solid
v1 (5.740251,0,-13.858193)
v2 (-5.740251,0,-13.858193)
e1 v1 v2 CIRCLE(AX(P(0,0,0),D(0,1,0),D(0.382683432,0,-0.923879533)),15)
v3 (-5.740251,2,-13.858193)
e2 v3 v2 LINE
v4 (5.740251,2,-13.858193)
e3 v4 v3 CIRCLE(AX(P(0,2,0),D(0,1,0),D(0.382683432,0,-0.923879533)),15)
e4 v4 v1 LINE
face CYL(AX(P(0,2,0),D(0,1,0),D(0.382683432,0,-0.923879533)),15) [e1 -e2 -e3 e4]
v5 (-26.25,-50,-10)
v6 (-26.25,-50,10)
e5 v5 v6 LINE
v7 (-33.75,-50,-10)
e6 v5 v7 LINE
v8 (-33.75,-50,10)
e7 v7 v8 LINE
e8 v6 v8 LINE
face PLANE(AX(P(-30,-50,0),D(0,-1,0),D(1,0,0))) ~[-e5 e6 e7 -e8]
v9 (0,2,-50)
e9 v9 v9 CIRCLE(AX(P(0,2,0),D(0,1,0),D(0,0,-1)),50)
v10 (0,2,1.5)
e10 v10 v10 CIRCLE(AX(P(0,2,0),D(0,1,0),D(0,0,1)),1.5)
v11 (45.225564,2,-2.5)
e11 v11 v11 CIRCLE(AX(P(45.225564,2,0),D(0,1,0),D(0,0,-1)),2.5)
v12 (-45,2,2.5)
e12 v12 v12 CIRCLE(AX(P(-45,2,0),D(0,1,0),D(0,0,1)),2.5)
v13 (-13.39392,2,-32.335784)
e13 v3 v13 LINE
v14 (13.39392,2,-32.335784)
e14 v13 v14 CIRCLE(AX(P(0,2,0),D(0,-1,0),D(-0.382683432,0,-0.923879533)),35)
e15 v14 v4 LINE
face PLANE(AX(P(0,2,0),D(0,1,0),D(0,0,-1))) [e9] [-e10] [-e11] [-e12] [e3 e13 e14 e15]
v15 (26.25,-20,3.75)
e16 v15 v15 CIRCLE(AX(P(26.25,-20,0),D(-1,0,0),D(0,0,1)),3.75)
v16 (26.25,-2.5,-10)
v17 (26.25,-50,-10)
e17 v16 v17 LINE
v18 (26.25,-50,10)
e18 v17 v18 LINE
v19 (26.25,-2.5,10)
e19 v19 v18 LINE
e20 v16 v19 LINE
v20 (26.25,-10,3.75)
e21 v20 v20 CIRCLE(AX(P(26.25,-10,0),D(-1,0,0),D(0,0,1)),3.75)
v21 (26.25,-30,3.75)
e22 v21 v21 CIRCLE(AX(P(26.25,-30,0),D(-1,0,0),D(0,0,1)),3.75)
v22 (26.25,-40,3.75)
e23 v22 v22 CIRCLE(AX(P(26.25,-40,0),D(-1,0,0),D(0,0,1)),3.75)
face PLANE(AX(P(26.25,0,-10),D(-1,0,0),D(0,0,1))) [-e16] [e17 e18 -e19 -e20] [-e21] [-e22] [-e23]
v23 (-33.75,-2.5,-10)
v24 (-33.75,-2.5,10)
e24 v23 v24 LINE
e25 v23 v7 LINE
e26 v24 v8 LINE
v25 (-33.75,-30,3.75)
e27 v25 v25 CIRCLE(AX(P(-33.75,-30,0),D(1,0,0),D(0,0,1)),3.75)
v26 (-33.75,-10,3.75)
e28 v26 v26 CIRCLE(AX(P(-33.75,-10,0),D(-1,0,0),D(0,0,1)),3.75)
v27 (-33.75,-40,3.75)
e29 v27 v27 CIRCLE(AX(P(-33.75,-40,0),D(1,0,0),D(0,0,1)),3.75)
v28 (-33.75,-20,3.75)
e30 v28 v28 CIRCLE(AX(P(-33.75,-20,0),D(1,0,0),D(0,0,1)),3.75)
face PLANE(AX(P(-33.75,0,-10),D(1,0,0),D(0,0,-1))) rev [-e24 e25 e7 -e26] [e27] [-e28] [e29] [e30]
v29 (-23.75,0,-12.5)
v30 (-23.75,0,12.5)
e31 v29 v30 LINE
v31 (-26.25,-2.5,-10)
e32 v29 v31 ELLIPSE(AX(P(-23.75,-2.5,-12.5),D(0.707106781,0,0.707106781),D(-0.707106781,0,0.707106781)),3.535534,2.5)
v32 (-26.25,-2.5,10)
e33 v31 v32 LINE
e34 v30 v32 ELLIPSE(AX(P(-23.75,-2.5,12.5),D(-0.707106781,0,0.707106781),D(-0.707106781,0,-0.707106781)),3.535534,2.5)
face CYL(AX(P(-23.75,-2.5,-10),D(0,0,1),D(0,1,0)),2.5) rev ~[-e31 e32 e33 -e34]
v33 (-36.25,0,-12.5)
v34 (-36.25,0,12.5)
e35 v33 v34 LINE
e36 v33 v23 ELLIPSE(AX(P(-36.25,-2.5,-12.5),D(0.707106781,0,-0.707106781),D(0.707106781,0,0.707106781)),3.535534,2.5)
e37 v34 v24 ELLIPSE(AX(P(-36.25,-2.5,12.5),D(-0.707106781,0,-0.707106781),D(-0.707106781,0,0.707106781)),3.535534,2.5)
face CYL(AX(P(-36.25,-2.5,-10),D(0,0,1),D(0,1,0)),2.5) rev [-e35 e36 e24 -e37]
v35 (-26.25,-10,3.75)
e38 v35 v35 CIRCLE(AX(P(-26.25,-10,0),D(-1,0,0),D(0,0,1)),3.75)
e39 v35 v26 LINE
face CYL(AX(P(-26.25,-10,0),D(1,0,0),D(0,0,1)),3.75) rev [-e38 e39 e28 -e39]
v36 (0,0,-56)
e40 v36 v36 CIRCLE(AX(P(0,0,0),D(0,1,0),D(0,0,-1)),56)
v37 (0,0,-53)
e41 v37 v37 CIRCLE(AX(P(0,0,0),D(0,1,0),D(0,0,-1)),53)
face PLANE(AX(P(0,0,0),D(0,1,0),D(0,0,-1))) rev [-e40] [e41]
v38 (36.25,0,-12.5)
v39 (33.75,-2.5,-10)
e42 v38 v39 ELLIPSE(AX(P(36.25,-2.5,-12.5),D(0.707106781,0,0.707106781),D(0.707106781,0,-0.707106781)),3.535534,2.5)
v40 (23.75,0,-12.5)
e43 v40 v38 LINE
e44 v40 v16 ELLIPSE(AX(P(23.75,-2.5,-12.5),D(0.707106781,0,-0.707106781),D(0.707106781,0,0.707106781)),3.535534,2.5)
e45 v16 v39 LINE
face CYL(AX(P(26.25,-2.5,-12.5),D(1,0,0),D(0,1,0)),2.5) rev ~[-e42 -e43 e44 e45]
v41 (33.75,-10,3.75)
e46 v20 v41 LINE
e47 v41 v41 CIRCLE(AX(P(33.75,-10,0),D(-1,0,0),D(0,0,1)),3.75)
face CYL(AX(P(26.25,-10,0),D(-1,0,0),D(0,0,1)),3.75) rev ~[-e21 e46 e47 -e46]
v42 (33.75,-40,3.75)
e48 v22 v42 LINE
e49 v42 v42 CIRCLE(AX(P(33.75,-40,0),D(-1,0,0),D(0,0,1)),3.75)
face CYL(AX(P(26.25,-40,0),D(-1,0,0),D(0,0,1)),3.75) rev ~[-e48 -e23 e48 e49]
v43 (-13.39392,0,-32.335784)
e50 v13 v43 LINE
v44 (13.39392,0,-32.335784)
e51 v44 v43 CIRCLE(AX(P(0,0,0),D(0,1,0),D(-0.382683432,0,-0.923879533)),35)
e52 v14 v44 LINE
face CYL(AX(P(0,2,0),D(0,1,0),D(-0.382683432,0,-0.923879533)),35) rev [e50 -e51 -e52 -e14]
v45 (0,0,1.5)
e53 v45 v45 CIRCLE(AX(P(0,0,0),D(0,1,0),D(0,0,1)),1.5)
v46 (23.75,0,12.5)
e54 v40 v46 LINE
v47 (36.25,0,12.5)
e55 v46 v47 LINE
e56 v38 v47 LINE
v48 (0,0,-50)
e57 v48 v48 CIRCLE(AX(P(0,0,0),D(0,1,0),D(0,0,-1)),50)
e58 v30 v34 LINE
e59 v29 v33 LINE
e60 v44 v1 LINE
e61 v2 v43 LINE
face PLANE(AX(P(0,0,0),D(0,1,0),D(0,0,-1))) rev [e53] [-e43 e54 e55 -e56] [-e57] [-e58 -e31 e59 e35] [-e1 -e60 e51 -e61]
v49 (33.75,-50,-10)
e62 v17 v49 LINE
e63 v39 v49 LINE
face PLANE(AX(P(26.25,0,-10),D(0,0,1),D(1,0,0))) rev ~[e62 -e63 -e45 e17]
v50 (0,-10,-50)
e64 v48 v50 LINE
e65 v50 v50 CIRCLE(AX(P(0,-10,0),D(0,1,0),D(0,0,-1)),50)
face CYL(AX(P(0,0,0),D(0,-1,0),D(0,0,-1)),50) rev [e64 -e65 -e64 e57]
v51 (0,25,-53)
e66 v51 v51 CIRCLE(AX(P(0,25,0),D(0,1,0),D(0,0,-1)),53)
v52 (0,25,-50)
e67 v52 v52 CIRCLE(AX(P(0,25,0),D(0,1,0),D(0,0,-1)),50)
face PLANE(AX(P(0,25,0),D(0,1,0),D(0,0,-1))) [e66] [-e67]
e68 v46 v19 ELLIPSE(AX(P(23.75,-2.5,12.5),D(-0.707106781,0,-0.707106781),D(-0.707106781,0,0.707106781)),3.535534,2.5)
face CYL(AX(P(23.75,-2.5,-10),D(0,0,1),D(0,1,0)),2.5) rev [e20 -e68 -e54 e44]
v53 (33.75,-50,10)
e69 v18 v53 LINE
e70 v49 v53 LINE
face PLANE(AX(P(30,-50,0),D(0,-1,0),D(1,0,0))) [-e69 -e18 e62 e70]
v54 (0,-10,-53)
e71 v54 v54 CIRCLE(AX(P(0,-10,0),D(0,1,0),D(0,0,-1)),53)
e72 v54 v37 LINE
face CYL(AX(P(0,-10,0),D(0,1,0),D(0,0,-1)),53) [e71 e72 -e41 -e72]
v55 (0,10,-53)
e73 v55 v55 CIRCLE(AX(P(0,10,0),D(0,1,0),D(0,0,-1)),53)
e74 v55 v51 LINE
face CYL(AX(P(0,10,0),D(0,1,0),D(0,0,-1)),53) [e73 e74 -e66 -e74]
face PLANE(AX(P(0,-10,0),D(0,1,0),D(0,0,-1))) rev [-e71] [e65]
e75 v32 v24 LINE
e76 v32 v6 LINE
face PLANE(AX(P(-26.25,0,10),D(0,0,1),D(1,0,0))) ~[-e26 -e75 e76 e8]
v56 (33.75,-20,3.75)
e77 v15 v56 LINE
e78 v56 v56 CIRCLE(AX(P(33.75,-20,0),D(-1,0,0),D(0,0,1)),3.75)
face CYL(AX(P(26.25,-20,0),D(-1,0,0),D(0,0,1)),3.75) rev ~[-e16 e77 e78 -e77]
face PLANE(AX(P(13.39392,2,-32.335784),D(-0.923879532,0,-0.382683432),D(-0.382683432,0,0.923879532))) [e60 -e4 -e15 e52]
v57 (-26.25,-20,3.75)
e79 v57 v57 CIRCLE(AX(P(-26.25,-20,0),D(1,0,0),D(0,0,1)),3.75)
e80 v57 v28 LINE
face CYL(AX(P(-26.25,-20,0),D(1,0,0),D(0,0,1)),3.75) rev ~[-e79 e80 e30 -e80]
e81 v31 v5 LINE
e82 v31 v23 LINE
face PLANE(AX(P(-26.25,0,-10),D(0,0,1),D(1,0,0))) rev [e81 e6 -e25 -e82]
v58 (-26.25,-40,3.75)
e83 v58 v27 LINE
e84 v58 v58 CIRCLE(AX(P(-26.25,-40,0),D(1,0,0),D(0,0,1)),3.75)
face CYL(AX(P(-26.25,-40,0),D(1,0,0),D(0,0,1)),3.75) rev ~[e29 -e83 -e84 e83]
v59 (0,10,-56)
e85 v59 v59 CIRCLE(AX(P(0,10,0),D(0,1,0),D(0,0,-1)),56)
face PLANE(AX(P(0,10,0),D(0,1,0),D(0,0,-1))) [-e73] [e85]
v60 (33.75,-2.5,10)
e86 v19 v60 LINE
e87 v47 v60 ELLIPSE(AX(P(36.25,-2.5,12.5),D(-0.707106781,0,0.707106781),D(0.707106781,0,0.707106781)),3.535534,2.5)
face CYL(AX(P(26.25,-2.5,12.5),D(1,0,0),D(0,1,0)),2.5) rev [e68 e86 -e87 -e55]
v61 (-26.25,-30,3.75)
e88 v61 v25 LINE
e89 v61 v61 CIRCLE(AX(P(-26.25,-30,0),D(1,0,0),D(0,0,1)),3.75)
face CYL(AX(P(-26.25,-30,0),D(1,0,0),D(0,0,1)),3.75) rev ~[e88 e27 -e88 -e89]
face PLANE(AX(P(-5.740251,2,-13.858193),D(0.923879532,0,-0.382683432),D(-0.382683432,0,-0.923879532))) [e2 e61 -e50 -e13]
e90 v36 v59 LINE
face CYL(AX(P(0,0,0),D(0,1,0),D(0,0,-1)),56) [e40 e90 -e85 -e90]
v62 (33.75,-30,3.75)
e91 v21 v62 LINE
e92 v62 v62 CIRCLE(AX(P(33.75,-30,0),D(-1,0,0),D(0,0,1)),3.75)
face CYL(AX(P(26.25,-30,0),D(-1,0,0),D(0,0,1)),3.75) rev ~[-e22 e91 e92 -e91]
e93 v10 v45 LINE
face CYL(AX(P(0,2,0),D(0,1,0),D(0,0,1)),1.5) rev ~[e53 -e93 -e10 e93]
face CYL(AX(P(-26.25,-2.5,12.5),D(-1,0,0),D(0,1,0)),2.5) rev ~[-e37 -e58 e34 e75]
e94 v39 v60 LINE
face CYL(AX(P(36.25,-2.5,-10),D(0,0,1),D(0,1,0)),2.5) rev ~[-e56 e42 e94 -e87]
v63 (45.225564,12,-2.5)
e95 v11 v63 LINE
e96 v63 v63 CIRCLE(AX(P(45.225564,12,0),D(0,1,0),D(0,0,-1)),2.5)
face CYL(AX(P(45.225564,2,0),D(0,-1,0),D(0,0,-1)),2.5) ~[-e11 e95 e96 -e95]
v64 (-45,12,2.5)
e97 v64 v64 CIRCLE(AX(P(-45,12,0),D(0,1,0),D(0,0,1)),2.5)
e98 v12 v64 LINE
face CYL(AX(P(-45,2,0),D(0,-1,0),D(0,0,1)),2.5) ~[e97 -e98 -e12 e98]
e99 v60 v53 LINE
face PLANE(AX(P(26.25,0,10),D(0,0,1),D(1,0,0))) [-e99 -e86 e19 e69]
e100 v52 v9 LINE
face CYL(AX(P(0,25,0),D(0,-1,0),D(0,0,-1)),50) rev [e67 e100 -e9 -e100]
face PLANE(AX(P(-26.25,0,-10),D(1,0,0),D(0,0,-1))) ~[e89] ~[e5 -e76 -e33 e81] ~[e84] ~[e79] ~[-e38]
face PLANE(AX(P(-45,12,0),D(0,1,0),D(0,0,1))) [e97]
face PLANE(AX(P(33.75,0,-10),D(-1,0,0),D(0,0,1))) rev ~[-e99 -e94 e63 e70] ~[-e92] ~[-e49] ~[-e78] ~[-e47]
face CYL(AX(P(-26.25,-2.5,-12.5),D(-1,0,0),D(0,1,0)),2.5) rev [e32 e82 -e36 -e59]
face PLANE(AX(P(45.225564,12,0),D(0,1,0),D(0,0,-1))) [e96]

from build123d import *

# Parameters (mm, degrees)
SKETCH5_R               = 2.5
BOSS_EXTRUDE2_DEPTH     = 10
CIRPATTERN2_COUNT       = 2
CUT_EXTRUDE4_REACH      = 84.468
SKETCH7_R               = 1.5
CUT_EXTRUDE5_DEPTH      = 83.46817568
SKETCH10_W              = 7.5
SKETCH10_H              = 20
BOSS_EXTRUDE3_DEPTH     = 50
CUT_EXTRUDE6_REACH      = 113.36
SKETCH11_R              = 3.75
LPATTERN1_COUNT         = 4
LPATTERN1_PITCH         = 10
MIRROR1_COPY_1_REACH    = 113.36
MIRROR1_COPY_1_SKETCH_R = 3.75
MIRROR1_COPY_2_REACH    = 113.36
MIRROR1_COPY_2_SKETCH_R = 3.75
MIRROR1_COPY_3_REACH    = 113.36
MIRROR1_COPY_3_SKETCH_R = 3.75
FILLET1_R               = 2.5


with BuildPart() as part:
    # Sketch4 → Revolve2 (revolve)
    with BuildSketch(Plane(origin=(0, 0, 0), x_dir=(0, 0, -1), z_dir=(1, 0, 0))):
        Polygon((0, 0), (50, 0), (50, -10), (53, -10), (53, 0), (56, 0), (56, 10), (53, 10), (53, 25), (50, 25), (50, 2), (0, 2), align=None)
    revolve(axis=Axis((0, 0, 0), (0, 1, 0)))

    # Sketch5 → Boss-Extrude2 (add)
    with BuildSketch(Plane(origin=(0, 2, 0), x_dir=(1, 0, 0), z_dir=(0, 1, 0))):
        with Locations(Location((-45, 0, 0), (0, 0, 270))):
            Circle(SKETCH5_R)
    boss_extrude2 = extrude(amount=BOSS_EXTRUDE2_DEPTH)

    # CirPattern2: Boss-Extrude2 ×2 about axis
    cirpattern2_axis = Axis((0.112781955, 0, 0), (0, 1, 0))
    for i in range(1, CIRPATTERN2_COUNT):
        add(boss_extrude2.rotate(cirpattern2_axis, i * 360 / CIRPATTERN2_COUNT))

    # Sketch6 → Cut-Extrude4 (cut, up to next)
    with BuildSketch(Plane(origin=(0, 2, 0), x_dir=(1, 0, 0), z_dir=(0, 1, 0)), mode=Mode.PRIVATE) as cut_extrude4_sk1:
        with BuildLine():
            Line((-5.740251485, 13.858192988), (-13.393920133, 32.335783638))
            ThreePointArc((-13.393920133, 32.335783638), (0, 35), (13.393920133, 32.335783638))
            Line((13.393920133, 32.335783638), (5.740251485, 13.858192988))
            ThreePointArc((5.740251485, 13.858192988), (0, 15), (-5.740251485, 13.858192988))
        make_face()
    cut_extrude4_tool1 = extrude(cut_extrude4_sk1.sketch, amount=-CUT_EXTRUDE4_REACH, mode=Mode.PRIVATE) & part.part
    add(cut_extrude4_tool1.solids().sort_by_distance((0, 2, -25.661711))[0], mode=Mode.SUBTRACT)

    # Sketch7 → Cut-Extrude5 (cut, through all)
    with BuildSketch(Plane(origin=(0, 2, 0), x_dir=(1, 0, 0), z_dir=(0, 1, 0))):
        with Locations(Location((0, 0, 0), (0, 0, 270))):
            Circle(SKETCH7_R)
    extrude(amount=-CUT_EXTRUDE5_DEPTH, mode=Mode.SUBTRACT)

    # Sketch10 → Boss-Extrude3 (add)
    with BuildSketch(Plane.XZ):
        with Locations((30, 0)):
            Rectangle(SKETCH10_W, SKETCH10_H)
    boss_extrude3 = extrude(amount=BOSS_EXTRUDE3_DEPTH)

    # Sketch11 → Cut-Extrude6 (cut, up to next)
    with BuildSketch(Plane.ZY.offset(-26.25), mode=Mode.PRIVATE) as cut_extrude6_sk1:
        with Locations((0, -10)):
            Circle(SKETCH11_R)
    cut_extrude6_tool1 = extrude(cut_extrude6_sk1.sketch, amount=-CUT_EXTRUDE6_REACH, mode=Mode.PRIVATE) & part.part
    cut_extrude6 = cut_extrude6_tool1.solids().sort_by_distance((26.25, -10, 0))[0]
    add(cut_extrude6, mode=Mode.SUBTRACT)

    # LPattern1: Cut-Extrude6 ×4
    with Locations(*[(0, -i * LPATTERN1_PITCH, 0) for i in range(1, LPATTERN1_COUNT)]):
        add(cut_extrude6, mode=Mode.SUBTRACT)

    # Mirror1: Boss-Extrude3, Cut-Extrude6 across plane
    add(boss_extrude3.mirror(Plane(origin=(0, 0, 0), x_dir=(0, 0, 1), z_dir=(1, 0, 0))))
    add(cut_extrude6.mirror(Plane(origin=(0, 0, 0), x_dir=(0, 0, 1), z_dir=(1, 0, 0))), mode=Mode.SUBTRACT)

    # Mirror1 copy 1 sketch → Mirror1 copy 1 (cut, up to next)
    with BuildSketch(Plane(origin=(-26.25, -10, 0), x_dir=(0, 0, 1), z_dir=(1, 0, 0)), mode=Mode.PRIVATE) as mirror1_copy_1_sk1:
        with Locations((0, 10)):
            Circle(MIRROR1_COPY_1_SKETCH_R)
    mirror1_copy_1_tool1 = extrude(mirror1_copy_1_sk1.sketch, amount=-MIRROR1_COPY_1_REACH, mode=Mode.PRIVATE) & part.part
    add(mirror1_copy_1_tool1.solids().sort_by_distance((-26.25, -20, 0))[0], mode=Mode.SUBTRACT)

    # Mirror1 copy 2 sketch → Mirror1 copy 2 (cut, up to next)
    with BuildSketch(Plane(origin=(-26.25, -20, 0), x_dir=(0, 0, 1), z_dir=(1, 0, 0)), mode=Mode.PRIVATE) as mirror1_copy_2_sk1:
        with Locations((0, 10)):
            Circle(MIRROR1_COPY_2_SKETCH_R)
    mirror1_copy_2_tool1 = extrude(mirror1_copy_2_sk1.sketch, amount=-MIRROR1_COPY_2_REACH, mode=Mode.PRIVATE) & part.part
    add(mirror1_copy_2_tool1.solids().sort_by_distance((-26.25, -30, 0))[0], mode=Mode.SUBTRACT)

    # Mirror1 copy 3 sketch → Mirror1 copy 3 (cut, up to next)
    with BuildSketch(Plane(origin=(-26.25, -30, 0), x_dir=(0, 0, 1), z_dir=(1, 0, 0)), mode=Mode.PRIVATE) as mirror1_copy_3_sk1:
        with Locations((0, 10)):
            Circle(MIRROR1_COPY_3_SKETCH_R)
    mirror1_copy_3_tool1 = extrude(mirror1_copy_3_sk1.sketch, amount=-MIRROR1_COPY_3_REACH, mode=Mode.PRIVATE) & part.part
    add(mirror1_copy_3_tool1.solids().sort_by_distance((-26.25, -40, 0))[0], mode=Mode.SUBTRACT)

    # Fillet1
    fillet1_edges = [part.edges().sort_by_distance(p)[0] for p in [
        (30, 0, -10),
        (26.25, 0, 0),
        (30, 0, 10),
        (33.75, 0, 0),
        (-30, 0, 10),
        (-33.75, 0, 0),
        (-30, 0, -10),
        (-26.25, 0, 0),
    ]]
    fillet(fillet1_edges, radius=FILLET1_R)


solid = part.part
